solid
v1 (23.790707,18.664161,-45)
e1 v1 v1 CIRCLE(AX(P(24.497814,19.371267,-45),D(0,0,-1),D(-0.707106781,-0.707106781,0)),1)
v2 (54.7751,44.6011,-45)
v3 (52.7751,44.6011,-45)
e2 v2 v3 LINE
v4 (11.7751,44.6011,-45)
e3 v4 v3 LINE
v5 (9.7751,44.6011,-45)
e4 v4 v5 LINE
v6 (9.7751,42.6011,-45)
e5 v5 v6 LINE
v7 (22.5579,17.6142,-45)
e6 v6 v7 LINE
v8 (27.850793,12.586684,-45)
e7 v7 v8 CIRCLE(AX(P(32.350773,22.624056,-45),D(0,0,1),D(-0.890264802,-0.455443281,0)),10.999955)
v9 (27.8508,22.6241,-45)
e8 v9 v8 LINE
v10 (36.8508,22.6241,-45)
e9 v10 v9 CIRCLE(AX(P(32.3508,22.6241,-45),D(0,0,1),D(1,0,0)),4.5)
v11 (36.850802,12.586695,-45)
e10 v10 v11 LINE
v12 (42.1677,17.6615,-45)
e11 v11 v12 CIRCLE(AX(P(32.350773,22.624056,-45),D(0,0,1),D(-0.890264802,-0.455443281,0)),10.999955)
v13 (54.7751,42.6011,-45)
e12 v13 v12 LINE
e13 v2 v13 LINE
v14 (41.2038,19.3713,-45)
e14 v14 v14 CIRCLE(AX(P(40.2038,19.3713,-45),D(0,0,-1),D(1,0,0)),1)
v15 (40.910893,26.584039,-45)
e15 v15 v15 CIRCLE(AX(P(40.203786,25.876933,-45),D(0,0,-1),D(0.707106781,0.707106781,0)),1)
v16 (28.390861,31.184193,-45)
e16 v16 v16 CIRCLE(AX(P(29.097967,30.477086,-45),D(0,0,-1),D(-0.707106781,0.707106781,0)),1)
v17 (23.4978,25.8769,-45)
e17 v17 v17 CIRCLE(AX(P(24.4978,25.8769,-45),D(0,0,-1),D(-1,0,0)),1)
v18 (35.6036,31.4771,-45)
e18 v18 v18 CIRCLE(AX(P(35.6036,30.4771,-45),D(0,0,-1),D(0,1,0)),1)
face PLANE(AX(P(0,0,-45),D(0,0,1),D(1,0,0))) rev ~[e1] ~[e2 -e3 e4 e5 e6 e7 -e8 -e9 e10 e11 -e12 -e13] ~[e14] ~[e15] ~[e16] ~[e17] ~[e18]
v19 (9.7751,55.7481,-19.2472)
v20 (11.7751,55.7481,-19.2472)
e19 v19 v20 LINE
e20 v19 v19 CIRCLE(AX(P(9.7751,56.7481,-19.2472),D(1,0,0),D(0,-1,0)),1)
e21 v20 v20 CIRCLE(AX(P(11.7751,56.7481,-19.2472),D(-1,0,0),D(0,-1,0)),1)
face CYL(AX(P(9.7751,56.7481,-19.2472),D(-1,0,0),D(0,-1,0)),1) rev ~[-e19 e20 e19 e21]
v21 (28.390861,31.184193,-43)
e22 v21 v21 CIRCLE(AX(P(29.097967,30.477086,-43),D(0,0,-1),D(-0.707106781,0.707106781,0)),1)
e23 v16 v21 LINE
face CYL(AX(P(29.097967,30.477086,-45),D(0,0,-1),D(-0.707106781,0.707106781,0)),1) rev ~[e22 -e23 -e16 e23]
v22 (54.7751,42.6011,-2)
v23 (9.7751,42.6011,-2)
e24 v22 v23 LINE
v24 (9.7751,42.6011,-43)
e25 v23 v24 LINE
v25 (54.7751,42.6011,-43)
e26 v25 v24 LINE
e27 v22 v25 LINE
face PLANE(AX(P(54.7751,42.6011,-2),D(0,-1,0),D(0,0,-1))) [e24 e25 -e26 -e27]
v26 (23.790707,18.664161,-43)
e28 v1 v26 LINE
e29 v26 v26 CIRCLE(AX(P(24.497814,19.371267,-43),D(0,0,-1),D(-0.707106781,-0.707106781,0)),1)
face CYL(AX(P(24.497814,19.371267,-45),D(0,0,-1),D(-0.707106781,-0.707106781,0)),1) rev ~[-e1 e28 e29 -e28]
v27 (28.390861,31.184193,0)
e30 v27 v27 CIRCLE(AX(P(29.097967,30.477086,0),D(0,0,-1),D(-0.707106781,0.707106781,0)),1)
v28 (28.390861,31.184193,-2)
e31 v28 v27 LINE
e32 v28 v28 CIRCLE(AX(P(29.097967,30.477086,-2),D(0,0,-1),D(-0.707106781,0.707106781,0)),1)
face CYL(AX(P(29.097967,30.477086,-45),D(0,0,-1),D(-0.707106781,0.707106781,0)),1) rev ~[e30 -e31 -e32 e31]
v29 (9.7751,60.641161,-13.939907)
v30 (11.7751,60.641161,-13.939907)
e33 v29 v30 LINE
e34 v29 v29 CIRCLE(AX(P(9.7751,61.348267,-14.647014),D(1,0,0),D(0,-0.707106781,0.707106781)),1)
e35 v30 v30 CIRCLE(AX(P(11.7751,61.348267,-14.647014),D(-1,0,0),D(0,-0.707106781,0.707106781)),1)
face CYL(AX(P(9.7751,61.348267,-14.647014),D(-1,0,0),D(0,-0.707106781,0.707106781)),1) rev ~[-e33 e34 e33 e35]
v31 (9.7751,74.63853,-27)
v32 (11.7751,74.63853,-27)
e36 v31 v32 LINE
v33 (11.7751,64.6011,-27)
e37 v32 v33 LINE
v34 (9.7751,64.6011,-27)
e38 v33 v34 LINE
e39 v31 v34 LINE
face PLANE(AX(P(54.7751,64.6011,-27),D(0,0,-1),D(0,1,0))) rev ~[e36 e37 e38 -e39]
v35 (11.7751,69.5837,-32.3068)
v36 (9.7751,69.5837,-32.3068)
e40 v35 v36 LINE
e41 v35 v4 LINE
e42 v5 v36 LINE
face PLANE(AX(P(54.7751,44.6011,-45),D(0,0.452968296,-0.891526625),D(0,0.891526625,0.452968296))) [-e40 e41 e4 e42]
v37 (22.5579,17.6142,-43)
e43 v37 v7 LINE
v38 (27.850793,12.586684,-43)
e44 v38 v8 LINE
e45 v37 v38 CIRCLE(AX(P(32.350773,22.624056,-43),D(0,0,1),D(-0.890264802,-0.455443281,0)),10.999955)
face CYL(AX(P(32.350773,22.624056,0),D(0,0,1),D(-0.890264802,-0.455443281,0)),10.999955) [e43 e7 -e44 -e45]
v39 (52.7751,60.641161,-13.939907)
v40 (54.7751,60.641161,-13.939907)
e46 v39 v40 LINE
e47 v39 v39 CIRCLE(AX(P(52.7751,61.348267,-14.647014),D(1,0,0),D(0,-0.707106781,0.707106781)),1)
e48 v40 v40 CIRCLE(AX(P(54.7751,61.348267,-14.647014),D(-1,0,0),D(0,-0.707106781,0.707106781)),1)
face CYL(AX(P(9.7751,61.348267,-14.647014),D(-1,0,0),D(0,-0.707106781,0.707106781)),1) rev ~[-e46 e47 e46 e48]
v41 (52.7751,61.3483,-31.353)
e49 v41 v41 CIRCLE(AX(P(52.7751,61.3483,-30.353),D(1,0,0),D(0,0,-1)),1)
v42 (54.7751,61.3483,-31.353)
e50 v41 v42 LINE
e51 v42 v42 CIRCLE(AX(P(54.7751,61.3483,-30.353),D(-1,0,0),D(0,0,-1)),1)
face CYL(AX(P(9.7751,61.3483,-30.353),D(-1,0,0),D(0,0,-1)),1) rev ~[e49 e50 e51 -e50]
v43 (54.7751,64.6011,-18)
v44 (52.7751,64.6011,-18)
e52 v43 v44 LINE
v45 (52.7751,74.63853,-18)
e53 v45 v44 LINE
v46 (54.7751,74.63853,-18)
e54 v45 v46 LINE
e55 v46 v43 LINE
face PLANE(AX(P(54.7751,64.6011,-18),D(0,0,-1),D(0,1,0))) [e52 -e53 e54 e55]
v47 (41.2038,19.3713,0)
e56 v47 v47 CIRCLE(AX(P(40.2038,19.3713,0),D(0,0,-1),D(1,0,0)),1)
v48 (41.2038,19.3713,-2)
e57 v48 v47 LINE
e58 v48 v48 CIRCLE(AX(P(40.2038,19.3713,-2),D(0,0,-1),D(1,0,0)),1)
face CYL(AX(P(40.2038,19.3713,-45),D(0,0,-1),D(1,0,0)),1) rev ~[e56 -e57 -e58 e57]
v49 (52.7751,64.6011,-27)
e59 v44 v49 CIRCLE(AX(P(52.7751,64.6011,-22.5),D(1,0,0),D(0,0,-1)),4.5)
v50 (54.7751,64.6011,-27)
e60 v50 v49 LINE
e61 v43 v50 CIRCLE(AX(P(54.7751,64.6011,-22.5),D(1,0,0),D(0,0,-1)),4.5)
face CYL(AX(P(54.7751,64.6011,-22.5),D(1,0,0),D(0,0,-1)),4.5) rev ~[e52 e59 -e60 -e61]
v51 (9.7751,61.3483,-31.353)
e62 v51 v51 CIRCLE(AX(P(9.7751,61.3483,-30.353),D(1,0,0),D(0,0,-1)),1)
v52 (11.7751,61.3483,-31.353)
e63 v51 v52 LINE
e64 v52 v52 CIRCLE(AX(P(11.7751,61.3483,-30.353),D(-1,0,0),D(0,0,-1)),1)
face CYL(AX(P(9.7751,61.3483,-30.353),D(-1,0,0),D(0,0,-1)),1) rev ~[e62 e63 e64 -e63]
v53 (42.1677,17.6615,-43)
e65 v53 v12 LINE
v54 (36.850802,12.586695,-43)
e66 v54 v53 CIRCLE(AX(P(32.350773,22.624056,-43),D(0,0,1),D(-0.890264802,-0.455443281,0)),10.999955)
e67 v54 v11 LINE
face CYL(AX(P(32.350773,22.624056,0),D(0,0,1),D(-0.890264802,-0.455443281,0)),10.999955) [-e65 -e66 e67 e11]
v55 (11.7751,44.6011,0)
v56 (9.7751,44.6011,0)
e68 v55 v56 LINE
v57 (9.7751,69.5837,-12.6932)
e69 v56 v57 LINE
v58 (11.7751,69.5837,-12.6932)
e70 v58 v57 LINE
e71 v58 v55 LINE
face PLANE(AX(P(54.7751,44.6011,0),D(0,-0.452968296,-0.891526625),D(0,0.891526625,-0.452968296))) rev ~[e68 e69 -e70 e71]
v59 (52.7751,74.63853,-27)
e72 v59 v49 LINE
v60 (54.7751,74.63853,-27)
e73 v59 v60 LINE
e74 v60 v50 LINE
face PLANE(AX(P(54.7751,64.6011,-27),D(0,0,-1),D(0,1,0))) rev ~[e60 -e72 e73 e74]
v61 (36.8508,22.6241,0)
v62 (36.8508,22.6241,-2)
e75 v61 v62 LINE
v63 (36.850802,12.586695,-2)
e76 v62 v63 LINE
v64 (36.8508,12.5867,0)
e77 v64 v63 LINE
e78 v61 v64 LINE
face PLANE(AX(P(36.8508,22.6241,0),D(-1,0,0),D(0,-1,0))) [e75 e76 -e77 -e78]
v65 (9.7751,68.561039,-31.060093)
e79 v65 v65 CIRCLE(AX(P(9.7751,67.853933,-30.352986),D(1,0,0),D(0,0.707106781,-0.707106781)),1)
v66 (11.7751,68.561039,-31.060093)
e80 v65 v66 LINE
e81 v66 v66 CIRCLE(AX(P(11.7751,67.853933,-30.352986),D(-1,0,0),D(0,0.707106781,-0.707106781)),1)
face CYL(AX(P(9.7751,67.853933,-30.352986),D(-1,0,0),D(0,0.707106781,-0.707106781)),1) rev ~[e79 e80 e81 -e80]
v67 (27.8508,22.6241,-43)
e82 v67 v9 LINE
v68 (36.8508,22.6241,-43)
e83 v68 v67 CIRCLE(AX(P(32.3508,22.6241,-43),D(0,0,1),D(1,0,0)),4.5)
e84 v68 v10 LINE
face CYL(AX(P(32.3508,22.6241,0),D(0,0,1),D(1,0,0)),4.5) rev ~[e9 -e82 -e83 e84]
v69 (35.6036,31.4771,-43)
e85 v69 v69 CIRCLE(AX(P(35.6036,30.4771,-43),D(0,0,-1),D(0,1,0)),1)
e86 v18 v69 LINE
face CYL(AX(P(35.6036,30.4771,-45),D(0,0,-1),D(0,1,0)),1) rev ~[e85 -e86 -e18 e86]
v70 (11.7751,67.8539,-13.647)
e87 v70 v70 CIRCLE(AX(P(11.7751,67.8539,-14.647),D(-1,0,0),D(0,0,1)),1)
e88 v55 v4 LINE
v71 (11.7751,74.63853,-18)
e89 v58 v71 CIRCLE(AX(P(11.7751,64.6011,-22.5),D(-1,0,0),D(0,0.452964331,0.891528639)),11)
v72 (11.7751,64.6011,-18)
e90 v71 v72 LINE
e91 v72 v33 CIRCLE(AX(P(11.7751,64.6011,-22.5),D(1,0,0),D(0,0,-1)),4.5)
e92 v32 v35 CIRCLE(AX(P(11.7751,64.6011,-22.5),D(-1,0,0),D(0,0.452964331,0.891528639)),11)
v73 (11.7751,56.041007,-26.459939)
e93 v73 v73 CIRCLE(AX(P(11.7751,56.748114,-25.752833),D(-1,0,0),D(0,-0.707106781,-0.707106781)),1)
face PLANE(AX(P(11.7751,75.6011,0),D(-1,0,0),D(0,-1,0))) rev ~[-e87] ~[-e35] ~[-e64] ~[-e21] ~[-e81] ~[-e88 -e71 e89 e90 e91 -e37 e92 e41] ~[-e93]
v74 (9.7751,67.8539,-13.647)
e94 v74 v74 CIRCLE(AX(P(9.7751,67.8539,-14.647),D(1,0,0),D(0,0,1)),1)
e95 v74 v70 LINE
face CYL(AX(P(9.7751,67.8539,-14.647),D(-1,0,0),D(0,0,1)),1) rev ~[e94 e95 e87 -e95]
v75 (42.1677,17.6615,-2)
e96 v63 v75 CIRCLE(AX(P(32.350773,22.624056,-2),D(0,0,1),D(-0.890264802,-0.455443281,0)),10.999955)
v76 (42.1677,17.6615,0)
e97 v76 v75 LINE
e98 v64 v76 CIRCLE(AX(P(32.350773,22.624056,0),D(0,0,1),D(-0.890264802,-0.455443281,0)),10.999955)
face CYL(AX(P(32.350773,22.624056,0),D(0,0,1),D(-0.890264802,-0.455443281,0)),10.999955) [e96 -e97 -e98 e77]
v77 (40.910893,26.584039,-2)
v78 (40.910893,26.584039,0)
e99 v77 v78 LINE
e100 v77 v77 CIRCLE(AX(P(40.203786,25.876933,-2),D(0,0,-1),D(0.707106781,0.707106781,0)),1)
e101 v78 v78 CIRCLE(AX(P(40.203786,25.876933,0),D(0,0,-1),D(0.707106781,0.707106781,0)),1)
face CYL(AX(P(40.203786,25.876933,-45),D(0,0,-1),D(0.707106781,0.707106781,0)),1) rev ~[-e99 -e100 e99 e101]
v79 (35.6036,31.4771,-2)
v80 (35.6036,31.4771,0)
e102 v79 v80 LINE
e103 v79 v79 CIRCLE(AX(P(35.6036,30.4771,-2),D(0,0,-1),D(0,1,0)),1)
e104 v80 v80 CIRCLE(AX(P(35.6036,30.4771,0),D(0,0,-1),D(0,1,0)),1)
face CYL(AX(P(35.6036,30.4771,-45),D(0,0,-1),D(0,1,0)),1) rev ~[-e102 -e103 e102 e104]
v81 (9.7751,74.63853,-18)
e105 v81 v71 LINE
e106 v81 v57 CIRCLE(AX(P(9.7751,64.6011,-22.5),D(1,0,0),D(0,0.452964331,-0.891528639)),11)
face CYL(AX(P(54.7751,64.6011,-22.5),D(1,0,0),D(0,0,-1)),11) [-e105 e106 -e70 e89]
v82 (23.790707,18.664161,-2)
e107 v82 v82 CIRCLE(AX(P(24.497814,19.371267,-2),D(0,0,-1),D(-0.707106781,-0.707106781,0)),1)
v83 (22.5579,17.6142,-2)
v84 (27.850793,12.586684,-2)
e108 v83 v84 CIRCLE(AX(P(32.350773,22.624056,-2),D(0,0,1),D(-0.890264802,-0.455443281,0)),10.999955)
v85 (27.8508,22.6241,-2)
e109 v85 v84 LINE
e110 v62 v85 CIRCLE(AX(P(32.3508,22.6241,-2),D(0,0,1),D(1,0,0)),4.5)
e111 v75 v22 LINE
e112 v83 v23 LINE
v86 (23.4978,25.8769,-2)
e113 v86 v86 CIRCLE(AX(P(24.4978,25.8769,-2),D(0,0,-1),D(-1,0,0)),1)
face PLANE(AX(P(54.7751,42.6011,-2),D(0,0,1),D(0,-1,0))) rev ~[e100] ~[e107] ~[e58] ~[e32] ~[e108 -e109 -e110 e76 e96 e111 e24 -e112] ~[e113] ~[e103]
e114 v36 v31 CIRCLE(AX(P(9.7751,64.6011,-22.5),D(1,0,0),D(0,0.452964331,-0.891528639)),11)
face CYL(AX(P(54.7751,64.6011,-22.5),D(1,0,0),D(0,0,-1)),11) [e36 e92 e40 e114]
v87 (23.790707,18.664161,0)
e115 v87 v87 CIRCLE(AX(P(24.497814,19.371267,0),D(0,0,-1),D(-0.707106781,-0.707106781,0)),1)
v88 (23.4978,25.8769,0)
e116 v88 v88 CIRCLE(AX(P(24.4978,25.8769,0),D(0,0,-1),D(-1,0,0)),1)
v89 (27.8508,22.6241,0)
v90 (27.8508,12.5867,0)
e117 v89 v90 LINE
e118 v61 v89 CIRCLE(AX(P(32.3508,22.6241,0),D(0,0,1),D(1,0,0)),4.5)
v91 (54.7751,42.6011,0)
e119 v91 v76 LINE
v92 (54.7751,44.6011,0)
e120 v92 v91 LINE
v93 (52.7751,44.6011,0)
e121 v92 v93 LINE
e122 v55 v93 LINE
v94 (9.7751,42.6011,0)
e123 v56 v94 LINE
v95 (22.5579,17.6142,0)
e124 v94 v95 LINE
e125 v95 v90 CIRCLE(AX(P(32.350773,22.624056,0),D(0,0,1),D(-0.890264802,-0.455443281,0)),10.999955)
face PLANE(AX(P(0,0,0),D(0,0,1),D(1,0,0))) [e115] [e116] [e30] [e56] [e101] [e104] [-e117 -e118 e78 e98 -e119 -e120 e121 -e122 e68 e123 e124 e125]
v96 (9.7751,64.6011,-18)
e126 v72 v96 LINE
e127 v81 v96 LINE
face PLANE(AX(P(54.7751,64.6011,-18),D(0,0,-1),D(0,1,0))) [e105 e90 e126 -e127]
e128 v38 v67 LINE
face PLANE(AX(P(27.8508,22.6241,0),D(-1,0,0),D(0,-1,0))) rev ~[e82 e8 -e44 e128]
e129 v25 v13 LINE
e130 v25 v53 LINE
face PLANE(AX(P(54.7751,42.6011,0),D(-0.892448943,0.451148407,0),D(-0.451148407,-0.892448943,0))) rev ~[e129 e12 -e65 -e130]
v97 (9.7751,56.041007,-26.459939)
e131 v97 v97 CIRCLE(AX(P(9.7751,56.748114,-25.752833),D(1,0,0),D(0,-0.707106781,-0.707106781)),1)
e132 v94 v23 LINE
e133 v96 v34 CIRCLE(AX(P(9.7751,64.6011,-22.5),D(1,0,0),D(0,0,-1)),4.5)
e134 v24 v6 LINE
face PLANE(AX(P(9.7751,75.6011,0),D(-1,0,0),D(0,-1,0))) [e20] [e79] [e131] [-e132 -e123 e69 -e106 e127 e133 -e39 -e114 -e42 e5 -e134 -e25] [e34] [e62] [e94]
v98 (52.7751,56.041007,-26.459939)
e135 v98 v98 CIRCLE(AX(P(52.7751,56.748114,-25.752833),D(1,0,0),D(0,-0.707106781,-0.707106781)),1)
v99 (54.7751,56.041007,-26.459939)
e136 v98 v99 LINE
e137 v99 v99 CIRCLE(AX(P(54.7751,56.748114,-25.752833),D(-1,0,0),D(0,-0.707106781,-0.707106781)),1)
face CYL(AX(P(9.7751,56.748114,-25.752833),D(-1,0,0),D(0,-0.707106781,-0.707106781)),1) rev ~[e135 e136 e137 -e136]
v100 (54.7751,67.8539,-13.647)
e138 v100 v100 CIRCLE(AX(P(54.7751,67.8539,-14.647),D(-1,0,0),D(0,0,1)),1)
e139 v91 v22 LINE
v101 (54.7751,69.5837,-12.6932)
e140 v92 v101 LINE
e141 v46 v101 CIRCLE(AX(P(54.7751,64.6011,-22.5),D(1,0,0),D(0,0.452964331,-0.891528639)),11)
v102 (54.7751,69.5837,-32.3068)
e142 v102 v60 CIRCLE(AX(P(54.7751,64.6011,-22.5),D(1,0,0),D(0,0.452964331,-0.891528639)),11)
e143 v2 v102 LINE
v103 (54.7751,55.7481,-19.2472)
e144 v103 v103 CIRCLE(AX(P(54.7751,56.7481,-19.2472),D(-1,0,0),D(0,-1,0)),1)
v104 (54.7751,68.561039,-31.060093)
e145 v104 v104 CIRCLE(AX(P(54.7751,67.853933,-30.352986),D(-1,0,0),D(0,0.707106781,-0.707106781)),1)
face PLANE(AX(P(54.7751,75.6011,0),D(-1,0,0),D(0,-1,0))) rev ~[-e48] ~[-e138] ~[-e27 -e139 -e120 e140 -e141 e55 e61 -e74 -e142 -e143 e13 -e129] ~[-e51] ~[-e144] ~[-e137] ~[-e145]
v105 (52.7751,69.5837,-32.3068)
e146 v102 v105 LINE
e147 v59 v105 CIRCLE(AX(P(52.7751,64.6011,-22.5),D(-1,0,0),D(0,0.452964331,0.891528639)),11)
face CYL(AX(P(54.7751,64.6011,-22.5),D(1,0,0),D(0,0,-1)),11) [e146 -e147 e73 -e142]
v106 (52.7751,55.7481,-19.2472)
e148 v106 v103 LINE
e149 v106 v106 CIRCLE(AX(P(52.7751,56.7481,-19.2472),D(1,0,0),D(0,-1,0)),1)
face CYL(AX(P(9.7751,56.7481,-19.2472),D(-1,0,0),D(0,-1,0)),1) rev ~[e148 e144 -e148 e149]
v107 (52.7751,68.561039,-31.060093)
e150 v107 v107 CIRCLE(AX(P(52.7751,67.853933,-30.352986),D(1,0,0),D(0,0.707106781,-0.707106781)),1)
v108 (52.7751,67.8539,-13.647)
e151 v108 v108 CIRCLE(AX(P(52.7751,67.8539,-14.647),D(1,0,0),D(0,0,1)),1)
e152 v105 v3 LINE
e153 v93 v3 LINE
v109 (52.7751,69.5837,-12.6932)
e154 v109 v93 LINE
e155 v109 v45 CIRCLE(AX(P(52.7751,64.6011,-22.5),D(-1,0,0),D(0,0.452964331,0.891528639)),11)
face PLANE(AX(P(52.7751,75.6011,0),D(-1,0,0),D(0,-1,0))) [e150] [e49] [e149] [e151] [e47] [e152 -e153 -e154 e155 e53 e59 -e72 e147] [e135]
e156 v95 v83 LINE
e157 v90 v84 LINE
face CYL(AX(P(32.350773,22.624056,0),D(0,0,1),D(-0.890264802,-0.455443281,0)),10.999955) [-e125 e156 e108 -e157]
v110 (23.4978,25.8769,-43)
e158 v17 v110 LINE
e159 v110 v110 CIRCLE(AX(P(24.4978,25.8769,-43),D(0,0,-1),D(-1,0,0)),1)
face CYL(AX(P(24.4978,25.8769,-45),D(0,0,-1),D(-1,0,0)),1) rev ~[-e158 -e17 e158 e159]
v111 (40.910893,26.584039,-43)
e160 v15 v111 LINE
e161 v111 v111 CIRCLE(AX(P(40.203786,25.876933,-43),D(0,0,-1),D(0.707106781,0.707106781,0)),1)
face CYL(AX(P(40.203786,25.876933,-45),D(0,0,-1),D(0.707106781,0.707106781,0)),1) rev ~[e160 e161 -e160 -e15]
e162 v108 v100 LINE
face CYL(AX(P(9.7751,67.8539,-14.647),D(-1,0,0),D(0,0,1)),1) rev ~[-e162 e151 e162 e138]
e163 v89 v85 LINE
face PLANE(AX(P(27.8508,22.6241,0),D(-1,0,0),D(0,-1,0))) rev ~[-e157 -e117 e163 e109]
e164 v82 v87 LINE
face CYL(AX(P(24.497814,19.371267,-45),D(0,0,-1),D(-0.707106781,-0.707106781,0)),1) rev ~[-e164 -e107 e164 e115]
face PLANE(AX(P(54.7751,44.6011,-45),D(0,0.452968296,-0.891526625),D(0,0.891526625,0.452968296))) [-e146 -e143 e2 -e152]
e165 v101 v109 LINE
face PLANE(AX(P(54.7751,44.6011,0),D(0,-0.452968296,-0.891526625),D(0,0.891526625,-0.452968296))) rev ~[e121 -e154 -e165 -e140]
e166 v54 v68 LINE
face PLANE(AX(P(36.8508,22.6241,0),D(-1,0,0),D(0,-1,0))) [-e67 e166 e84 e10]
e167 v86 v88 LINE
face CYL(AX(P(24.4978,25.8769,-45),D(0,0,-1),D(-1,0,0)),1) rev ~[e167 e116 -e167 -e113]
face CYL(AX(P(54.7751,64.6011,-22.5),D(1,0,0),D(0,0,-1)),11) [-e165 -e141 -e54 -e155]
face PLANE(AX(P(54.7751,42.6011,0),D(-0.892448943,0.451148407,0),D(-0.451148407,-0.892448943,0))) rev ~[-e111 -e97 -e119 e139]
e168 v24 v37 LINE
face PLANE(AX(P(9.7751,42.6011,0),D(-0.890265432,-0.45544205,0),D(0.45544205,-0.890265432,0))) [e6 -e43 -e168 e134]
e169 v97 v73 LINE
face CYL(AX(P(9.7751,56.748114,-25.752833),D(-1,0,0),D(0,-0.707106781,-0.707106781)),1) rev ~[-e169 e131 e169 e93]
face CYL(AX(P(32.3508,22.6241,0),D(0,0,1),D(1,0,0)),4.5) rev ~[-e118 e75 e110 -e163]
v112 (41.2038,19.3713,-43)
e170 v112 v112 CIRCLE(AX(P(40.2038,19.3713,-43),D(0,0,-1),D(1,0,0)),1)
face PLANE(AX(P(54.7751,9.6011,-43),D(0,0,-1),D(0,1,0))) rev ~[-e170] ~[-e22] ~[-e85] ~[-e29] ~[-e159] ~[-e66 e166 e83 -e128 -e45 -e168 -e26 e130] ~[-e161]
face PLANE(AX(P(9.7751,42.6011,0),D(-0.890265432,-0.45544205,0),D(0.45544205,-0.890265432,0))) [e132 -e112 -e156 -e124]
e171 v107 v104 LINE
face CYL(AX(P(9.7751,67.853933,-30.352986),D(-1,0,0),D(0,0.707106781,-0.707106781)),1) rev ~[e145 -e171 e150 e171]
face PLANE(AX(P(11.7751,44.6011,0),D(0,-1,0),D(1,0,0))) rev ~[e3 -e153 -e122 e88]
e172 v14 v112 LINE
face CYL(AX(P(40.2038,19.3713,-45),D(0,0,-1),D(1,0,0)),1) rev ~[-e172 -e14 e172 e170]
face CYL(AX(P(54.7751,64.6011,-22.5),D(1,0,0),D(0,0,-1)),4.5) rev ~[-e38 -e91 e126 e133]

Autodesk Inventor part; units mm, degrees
ref_plane "YZ Plane" through (0, 0, 0) normal (1, 0, 0) x (0, 1, 0)
ref_plane "XZ Plane" through (0, 0, 0) normal (0, 1, 0) x (-1, 0, 0)
ref_plane "XY Plane" through (0, 0, 0) normal (0, 0, 1) x (1, 0, 0)
sketch "Sketch1" plane through (0, 0, 0) normal (0, 0, 1) x (1, 0, 0)
  line L0 (9.7751, 75.6011) -> (11.7751, 75.6011)
  line L1 (52.7751, 75.6011) -> (54.7751, 75.6011)
  arc A0 (22.5579, 17.6142) -> (42.1677, 17.6615) centre (32.3508, 22.6241) ccw
  line L2 (9.7751, 42.6011) -> (54.7751, 42.6011)
  line L3 (11.7751, 44.6011) -> (52.7751, 44.6011)
  line L4 (11.7751, 75.6011) -> (11.7751, 44.6011)
  line L5 (9.7751, 75.6011) -> (9.7751, 42.6011)
  line L6 (52.7751, 75.6011) -> (52.7751, 44.6011)
  line L7 (54.7751, 75.6011) -> (54.7751, 42.6011)
  line L8 (54.7751, 42.6011) -> (42.1677, 17.6615)
  line L9 (9.7751, 42.6011) -> (22.5579, 17.6142)
  circle A1 centre (32.3508, 22.6241) radius 4.5
  point P0 (0, 0)
  dimension "d15" = 9
extrude "Extrusion1" add sketch "Sketch1" against normal blind 45
sketch "Sketch2" plane through (54.7751, 42.6011, 0) normal (1, 0, 0) x (0, 0, -1)
  circle A0 centre (22.5, 22) radius 11
  line L0 (0, 0) -> (0, 2)
  line L1 (0, 33) -> (0, 0) projected
  line L2 (45, 0) -> (45, 2)
  line L3 (45, 33) -> (45, 0) projected
  line L4 (45, 2) -> (32.3068, 26.9826)
  line L5 (0, 2) -> (12.6932, 26.9826)
  line L6 (0, 2) -> (0, 38)
  line L7 (0, 38) -> (45, 38)
  line L8 (45, 38) -> (45, 2)
  circle A1 centre (22.5, 22) radius 4.5
  line L9 (0, 0) -> (45, 0)
  line L10 (45, -24.9396) -> (45, 0) projected
  point P0 (0, -42.6011)
  dimension "d2" = 22
  dimension "d16" = 9
extrude "Extrusion2" cut sketch "Sketch2" against normal blind 45 contours A0 L5 L1 L6 L7 L8 L3 L4 | A1
sketch "Sketch3" plane through (54.7751, 42.6011, 0) normal (1, 0, 0) x (0, 0, -1)
  line L0 (0, 0) -> (45, 0) projected
  line L1 (43, 0) -> (2, 0)
  line L2 (2, 0) -> (2, -33)
  line L3 (2, -33) -> (43, -33)
  line L4 (43, -33) -> (43, 0)
  line L5 (45, -24.9396) -> (45, 0) projected
  point P0 (0, -42.6011)
  dimension "d9" = 41
  dimension "d10" = 2
extrude "Extrusion3" cut sketch "Sketch3" against normal blind 45
sketch "Sketch5" plane through (0, 0, 0) normal (0, 0, 1) x (1, 0, 0)
  line L0 (9.7751, 42.6011) -> (22.5579, 17.6142) projected
  arc A0 (22.5579, 17.6142) -> (42.1677, 17.6615) centre (32.3508, 22.6241) ccw projected
  line L1 (42.1677, 17.6615) -> (54.7751, 42.6011) projected
  line L2 (52.7751, 44.6011) -> (11.7751, 44.6011) projected
  circle A1 centre (32.3508, 22.6241) radius 4.5 projected
  line L3 (27.8508, 22.6241) -> (27.8508, 12.5867)
  line L4 (36.8508, 22.6241) -> (36.8508, 12.5867)
  arc A2 (36.8508, 22.6241) -> (27.8508, 22.6241) centre (32.3508, 22.6241) ccw
  arc A3 (27.8508, 12.5867) -> (36.8508, 12.5867) centre (32.3508, 22.6241) ccw
  point P0 (0, 0)
extrude "Extrusion4" cut sketch "Sketch5" against normal through all
sketch "Sketch6" plane through (54.7751, 42.6011, 0) normal (1, 0, 0) x (0, 0, -1)
  arc A0 (32.3068, 26.9826) -> (12.6932, 26.9826) centre (22.5, 22) ccw projected
  arc A1 (18, 22) -> (27, 22) centre (22.5, 22) ccw
  line L0 (18, 22) -> (18, 34.9118)
  line L1 (27, 22) -> (27, 34.9118)
  line L2 (27, 34.9118) -> (18, 34.9118)
  point P0 (0, -42.6011)
  dimension "d19" = 9
extrude "Extrusion5" cut sketch "Sketch6" against normal through all
sketch "Sketch7" plane through (0, 0, -45) normal (0, 0, -1) x (-1, 0, 0)
  arc A0 (-27.8508, 12.5867) -> (-22.5579, 17.6142) centre (-32.3508, 22.6241) ccw projected
  circle A1 centre (-24.4978, 25.8769) radius 1
  point P0 (0, 0)
  dimension "d22" = 2
  dimension "d23" = 8.5
extrude "Extrusion6" cut sketch "Sketch7" against normal through all
pattern_circular "Circular Pattern1" count 8 over 360 about axis through (32.3508, 22.6241, 0) along (0, 0, -1) of "Extrusion6"
sketch "Sketch8" plane through (9.7751, 42.6011, 0) normal (-1, 0, 0) x (0, 0, 1)
  arc A0 (-27, 22) -> (-18, 22) centre (-22.5, 22) ccw projected
  line L0 (-22.5, 22) -> (-14.647, 25.2528)
  line L1 (-22.5, 22) -> (-14, 22) construction
  circle A1 centre (-14.647, 25.2528) radius 1
  point P0 (0, -42.6011)
  dimension "d29" = 8.5
  dimension "d30" = 22.5
  dimension "d31" = 2
extrude "Extrusion7" cut sketch "Sketch8" against normal through all
pattern_circular "Circular Pattern2" count 8 over 360 about axis through (54.7751, 64.6011, -22.5) along (-1, 0, 0) of "Extrusion7"
properties part number "Ankle" material "Aluminum-6061"
